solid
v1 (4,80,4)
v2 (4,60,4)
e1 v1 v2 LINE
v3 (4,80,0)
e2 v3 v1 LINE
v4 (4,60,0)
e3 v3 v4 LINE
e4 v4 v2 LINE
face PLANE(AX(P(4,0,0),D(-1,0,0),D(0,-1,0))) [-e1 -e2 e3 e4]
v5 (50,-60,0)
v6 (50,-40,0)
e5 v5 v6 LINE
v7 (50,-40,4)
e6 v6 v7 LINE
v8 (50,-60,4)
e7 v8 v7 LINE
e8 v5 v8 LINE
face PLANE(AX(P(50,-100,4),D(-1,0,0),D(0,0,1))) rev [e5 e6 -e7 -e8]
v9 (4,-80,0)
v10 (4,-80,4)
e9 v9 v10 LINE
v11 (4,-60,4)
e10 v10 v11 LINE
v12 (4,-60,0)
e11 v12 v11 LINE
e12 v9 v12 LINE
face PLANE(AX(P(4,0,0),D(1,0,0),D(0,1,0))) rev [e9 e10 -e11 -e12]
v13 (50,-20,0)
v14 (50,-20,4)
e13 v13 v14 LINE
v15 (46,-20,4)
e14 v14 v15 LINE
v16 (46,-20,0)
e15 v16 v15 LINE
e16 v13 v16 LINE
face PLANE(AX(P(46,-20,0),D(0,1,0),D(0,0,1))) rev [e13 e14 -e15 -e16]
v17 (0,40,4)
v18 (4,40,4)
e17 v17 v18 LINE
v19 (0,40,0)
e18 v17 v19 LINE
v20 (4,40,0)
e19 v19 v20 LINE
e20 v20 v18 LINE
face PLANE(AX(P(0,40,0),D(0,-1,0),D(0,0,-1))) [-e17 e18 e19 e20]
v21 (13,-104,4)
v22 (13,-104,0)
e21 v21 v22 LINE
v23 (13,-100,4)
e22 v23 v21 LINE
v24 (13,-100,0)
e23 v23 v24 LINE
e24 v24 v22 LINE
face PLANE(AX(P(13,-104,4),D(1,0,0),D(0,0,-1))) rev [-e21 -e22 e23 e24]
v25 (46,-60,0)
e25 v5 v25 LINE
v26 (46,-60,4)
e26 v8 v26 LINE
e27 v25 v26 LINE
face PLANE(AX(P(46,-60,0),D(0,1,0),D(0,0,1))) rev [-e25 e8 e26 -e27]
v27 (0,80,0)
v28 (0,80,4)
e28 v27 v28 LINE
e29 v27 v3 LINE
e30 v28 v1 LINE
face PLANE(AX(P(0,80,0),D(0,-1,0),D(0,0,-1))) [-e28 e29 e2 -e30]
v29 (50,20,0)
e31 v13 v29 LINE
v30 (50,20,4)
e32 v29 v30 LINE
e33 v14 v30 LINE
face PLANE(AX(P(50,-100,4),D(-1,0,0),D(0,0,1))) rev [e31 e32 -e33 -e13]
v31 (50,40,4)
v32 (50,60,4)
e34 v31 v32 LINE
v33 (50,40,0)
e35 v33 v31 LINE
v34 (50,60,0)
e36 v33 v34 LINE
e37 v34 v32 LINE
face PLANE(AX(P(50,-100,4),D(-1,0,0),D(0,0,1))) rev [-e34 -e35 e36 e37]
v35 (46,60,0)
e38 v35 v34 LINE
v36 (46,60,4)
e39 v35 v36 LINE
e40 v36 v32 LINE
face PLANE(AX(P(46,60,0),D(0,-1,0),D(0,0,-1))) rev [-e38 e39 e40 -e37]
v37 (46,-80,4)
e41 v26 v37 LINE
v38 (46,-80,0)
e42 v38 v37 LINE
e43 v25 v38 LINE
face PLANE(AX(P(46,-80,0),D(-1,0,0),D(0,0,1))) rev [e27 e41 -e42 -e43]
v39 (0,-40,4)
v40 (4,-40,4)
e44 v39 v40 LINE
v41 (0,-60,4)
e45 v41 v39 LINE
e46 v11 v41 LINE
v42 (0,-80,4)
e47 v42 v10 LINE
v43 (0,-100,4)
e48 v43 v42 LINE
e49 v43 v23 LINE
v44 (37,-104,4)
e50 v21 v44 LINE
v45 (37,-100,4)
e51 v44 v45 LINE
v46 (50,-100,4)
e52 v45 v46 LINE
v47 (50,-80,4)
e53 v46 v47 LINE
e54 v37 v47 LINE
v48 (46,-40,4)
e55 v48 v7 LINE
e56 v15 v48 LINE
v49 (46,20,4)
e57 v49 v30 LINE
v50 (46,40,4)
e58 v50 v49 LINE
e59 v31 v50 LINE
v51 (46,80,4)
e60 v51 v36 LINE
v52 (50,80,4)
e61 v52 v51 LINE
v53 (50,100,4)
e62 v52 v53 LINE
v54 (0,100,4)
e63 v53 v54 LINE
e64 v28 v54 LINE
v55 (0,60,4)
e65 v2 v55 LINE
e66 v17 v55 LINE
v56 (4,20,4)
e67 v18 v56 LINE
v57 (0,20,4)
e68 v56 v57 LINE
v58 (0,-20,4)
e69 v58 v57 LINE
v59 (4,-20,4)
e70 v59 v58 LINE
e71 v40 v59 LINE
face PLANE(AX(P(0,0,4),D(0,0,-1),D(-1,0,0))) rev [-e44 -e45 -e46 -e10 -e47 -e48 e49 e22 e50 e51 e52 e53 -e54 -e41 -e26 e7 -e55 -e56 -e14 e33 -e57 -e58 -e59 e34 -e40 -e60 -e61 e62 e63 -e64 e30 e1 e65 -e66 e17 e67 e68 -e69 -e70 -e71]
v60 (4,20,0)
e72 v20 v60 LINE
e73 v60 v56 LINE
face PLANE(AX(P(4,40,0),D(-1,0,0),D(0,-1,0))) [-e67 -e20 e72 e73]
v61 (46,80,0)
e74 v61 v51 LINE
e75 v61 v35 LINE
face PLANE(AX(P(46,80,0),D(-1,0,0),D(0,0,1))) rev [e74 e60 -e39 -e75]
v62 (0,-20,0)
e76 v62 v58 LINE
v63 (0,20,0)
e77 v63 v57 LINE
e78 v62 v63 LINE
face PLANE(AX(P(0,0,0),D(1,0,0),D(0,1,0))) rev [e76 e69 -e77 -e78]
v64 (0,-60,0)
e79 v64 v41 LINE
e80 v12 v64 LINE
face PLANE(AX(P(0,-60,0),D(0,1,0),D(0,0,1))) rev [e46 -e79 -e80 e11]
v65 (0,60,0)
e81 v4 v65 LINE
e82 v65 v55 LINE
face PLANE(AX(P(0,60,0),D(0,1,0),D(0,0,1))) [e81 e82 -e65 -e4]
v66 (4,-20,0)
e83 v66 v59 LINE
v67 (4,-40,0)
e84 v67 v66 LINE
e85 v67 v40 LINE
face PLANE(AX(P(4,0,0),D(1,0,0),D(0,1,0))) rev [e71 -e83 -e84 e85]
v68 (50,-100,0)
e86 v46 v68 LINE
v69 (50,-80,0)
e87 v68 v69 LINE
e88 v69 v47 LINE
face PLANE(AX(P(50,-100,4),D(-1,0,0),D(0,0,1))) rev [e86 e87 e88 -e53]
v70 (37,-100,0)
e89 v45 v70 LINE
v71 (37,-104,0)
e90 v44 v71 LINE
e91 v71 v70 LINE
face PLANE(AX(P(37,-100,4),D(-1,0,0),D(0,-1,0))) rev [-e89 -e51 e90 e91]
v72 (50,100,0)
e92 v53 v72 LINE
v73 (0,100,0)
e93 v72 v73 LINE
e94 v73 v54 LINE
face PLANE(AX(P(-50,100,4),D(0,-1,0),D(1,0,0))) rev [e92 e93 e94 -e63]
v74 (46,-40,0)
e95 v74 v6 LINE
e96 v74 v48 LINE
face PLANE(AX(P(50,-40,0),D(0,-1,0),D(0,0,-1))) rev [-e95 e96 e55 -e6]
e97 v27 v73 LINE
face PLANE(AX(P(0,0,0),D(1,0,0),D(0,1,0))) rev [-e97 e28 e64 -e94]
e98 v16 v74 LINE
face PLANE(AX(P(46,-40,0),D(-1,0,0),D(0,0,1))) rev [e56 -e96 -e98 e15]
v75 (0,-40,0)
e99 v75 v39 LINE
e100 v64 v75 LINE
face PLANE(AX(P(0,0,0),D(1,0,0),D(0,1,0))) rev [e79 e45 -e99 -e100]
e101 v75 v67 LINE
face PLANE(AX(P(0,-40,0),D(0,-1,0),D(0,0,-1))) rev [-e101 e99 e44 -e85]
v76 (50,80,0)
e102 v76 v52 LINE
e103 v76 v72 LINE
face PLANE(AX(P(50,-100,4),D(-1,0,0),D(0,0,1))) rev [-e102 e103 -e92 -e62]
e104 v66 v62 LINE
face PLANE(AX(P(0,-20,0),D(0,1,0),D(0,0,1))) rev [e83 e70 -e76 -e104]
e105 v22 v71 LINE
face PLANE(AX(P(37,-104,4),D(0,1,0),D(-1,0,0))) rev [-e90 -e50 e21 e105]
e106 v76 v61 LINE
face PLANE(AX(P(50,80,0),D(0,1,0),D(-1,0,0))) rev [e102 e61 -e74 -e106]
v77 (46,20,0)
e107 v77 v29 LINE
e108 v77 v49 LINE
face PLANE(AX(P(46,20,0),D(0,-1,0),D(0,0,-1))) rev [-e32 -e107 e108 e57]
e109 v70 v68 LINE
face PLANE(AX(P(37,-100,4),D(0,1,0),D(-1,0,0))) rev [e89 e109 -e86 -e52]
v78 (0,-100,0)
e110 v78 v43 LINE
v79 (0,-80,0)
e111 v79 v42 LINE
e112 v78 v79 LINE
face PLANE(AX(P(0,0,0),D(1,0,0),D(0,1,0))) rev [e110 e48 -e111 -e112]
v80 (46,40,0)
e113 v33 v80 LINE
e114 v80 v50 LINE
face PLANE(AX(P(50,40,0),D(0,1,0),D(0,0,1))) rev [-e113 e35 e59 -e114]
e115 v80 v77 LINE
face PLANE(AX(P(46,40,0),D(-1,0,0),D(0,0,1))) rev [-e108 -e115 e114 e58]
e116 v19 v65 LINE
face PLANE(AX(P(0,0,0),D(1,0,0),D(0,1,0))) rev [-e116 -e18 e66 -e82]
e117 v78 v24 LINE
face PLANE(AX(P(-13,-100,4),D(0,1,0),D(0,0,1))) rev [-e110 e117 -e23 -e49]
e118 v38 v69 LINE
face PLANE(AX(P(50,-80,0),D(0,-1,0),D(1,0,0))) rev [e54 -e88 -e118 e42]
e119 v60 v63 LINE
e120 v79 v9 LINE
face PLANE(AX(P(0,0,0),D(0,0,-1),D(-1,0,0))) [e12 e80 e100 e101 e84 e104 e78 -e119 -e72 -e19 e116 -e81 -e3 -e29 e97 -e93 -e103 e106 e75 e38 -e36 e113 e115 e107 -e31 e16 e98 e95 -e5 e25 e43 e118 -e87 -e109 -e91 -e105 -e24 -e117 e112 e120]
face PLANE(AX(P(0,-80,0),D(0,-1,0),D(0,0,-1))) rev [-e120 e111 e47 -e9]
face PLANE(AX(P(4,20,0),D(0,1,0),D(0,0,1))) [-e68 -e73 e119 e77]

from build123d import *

# Parameters (mm, degrees)
RESSALTO_EXTRUS_O1_DEPTH = 4
ESBO_O2_W                = 4
ESBO_O2_H                = 20
CORTE_EXTRUS_O1_DEPTH    = 116.464280191
ESBO_O3_W                = 4
ESBO_O3_H                = 20
CORTE_EXTRUS_O2_DEPTH    = 116.464280191


with BuildPart() as part:
    # Esboço1 → Ressalto-extrusão1 (new body)
    with BuildSketch(Plane.XY):
        Polygon((-50, -100), (-37, -100), (-37, -104), (-13, -104), (-13, -100), (13, -100), (13, -104), (37, -104), (37, -100), (50, -100), (50, 100), (-50, 100), align=None)
    extrude(amount=RESSALTO_EXTRUS_O1_DEPTH)

    # Esboço2 → Corte-extrusão1 (cut, through all)
    with BuildSketch(Plane.XY.offset(4)):
        Polygon((-50, 0), (0, 0), (0, 20), (0, 40), (0, 60), (0, 80), (0, 100), (-50, 100), align=None)
        Polygon((-13, -100), (0, -100), (0, -80), (0, -60), (0, -40), (0, -20), (0, 0), (-50, 0), (-50, -100), (-37, -100), (-37, -104), (-13, -104), align=None)
        with Locations((2, 70)):
            Rectangle(ESBO_O2_W, ESBO_O2_H)
        with Locations((2, -30)):
            Rectangle(ESBO_O2_W, ESBO_O2_H)
        with Locations((2, -70)):
            Rectangle(ESBO_O2_W, ESBO_O2_H)
        with Locations((2, 30)):
            Rectangle(ESBO_O2_W, ESBO_O2_H)
    extrude(amount=-CORTE_EXTRUS_O1_DEPTH, mode=Mode.SUBTRACT)

    # Esboço3 → Corte-extrusão2 (cut, through all)
    with BuildSketch(Plane.XY.offset(4)):
        with Locations((48, 70)):
            Rectangle(ESBO_O3_W, ESBO_O3_H)
        with Locations((48, 30)):
            Rectangle(ESBO_O3_W, ESBO_O3_H)
        with Locations((48, -70)):
            Rectangle(ESBO_O3_W, ESBO_O3_H)
        with Locations((48, -30)):
            Rectangle(ESBO_O3_W, ESBO_O3_H)
    extrude(amount=-CORTE_EXTRUS_O2_DEPTH, mode=Mode.SUBTRACT)


solid = part.part
